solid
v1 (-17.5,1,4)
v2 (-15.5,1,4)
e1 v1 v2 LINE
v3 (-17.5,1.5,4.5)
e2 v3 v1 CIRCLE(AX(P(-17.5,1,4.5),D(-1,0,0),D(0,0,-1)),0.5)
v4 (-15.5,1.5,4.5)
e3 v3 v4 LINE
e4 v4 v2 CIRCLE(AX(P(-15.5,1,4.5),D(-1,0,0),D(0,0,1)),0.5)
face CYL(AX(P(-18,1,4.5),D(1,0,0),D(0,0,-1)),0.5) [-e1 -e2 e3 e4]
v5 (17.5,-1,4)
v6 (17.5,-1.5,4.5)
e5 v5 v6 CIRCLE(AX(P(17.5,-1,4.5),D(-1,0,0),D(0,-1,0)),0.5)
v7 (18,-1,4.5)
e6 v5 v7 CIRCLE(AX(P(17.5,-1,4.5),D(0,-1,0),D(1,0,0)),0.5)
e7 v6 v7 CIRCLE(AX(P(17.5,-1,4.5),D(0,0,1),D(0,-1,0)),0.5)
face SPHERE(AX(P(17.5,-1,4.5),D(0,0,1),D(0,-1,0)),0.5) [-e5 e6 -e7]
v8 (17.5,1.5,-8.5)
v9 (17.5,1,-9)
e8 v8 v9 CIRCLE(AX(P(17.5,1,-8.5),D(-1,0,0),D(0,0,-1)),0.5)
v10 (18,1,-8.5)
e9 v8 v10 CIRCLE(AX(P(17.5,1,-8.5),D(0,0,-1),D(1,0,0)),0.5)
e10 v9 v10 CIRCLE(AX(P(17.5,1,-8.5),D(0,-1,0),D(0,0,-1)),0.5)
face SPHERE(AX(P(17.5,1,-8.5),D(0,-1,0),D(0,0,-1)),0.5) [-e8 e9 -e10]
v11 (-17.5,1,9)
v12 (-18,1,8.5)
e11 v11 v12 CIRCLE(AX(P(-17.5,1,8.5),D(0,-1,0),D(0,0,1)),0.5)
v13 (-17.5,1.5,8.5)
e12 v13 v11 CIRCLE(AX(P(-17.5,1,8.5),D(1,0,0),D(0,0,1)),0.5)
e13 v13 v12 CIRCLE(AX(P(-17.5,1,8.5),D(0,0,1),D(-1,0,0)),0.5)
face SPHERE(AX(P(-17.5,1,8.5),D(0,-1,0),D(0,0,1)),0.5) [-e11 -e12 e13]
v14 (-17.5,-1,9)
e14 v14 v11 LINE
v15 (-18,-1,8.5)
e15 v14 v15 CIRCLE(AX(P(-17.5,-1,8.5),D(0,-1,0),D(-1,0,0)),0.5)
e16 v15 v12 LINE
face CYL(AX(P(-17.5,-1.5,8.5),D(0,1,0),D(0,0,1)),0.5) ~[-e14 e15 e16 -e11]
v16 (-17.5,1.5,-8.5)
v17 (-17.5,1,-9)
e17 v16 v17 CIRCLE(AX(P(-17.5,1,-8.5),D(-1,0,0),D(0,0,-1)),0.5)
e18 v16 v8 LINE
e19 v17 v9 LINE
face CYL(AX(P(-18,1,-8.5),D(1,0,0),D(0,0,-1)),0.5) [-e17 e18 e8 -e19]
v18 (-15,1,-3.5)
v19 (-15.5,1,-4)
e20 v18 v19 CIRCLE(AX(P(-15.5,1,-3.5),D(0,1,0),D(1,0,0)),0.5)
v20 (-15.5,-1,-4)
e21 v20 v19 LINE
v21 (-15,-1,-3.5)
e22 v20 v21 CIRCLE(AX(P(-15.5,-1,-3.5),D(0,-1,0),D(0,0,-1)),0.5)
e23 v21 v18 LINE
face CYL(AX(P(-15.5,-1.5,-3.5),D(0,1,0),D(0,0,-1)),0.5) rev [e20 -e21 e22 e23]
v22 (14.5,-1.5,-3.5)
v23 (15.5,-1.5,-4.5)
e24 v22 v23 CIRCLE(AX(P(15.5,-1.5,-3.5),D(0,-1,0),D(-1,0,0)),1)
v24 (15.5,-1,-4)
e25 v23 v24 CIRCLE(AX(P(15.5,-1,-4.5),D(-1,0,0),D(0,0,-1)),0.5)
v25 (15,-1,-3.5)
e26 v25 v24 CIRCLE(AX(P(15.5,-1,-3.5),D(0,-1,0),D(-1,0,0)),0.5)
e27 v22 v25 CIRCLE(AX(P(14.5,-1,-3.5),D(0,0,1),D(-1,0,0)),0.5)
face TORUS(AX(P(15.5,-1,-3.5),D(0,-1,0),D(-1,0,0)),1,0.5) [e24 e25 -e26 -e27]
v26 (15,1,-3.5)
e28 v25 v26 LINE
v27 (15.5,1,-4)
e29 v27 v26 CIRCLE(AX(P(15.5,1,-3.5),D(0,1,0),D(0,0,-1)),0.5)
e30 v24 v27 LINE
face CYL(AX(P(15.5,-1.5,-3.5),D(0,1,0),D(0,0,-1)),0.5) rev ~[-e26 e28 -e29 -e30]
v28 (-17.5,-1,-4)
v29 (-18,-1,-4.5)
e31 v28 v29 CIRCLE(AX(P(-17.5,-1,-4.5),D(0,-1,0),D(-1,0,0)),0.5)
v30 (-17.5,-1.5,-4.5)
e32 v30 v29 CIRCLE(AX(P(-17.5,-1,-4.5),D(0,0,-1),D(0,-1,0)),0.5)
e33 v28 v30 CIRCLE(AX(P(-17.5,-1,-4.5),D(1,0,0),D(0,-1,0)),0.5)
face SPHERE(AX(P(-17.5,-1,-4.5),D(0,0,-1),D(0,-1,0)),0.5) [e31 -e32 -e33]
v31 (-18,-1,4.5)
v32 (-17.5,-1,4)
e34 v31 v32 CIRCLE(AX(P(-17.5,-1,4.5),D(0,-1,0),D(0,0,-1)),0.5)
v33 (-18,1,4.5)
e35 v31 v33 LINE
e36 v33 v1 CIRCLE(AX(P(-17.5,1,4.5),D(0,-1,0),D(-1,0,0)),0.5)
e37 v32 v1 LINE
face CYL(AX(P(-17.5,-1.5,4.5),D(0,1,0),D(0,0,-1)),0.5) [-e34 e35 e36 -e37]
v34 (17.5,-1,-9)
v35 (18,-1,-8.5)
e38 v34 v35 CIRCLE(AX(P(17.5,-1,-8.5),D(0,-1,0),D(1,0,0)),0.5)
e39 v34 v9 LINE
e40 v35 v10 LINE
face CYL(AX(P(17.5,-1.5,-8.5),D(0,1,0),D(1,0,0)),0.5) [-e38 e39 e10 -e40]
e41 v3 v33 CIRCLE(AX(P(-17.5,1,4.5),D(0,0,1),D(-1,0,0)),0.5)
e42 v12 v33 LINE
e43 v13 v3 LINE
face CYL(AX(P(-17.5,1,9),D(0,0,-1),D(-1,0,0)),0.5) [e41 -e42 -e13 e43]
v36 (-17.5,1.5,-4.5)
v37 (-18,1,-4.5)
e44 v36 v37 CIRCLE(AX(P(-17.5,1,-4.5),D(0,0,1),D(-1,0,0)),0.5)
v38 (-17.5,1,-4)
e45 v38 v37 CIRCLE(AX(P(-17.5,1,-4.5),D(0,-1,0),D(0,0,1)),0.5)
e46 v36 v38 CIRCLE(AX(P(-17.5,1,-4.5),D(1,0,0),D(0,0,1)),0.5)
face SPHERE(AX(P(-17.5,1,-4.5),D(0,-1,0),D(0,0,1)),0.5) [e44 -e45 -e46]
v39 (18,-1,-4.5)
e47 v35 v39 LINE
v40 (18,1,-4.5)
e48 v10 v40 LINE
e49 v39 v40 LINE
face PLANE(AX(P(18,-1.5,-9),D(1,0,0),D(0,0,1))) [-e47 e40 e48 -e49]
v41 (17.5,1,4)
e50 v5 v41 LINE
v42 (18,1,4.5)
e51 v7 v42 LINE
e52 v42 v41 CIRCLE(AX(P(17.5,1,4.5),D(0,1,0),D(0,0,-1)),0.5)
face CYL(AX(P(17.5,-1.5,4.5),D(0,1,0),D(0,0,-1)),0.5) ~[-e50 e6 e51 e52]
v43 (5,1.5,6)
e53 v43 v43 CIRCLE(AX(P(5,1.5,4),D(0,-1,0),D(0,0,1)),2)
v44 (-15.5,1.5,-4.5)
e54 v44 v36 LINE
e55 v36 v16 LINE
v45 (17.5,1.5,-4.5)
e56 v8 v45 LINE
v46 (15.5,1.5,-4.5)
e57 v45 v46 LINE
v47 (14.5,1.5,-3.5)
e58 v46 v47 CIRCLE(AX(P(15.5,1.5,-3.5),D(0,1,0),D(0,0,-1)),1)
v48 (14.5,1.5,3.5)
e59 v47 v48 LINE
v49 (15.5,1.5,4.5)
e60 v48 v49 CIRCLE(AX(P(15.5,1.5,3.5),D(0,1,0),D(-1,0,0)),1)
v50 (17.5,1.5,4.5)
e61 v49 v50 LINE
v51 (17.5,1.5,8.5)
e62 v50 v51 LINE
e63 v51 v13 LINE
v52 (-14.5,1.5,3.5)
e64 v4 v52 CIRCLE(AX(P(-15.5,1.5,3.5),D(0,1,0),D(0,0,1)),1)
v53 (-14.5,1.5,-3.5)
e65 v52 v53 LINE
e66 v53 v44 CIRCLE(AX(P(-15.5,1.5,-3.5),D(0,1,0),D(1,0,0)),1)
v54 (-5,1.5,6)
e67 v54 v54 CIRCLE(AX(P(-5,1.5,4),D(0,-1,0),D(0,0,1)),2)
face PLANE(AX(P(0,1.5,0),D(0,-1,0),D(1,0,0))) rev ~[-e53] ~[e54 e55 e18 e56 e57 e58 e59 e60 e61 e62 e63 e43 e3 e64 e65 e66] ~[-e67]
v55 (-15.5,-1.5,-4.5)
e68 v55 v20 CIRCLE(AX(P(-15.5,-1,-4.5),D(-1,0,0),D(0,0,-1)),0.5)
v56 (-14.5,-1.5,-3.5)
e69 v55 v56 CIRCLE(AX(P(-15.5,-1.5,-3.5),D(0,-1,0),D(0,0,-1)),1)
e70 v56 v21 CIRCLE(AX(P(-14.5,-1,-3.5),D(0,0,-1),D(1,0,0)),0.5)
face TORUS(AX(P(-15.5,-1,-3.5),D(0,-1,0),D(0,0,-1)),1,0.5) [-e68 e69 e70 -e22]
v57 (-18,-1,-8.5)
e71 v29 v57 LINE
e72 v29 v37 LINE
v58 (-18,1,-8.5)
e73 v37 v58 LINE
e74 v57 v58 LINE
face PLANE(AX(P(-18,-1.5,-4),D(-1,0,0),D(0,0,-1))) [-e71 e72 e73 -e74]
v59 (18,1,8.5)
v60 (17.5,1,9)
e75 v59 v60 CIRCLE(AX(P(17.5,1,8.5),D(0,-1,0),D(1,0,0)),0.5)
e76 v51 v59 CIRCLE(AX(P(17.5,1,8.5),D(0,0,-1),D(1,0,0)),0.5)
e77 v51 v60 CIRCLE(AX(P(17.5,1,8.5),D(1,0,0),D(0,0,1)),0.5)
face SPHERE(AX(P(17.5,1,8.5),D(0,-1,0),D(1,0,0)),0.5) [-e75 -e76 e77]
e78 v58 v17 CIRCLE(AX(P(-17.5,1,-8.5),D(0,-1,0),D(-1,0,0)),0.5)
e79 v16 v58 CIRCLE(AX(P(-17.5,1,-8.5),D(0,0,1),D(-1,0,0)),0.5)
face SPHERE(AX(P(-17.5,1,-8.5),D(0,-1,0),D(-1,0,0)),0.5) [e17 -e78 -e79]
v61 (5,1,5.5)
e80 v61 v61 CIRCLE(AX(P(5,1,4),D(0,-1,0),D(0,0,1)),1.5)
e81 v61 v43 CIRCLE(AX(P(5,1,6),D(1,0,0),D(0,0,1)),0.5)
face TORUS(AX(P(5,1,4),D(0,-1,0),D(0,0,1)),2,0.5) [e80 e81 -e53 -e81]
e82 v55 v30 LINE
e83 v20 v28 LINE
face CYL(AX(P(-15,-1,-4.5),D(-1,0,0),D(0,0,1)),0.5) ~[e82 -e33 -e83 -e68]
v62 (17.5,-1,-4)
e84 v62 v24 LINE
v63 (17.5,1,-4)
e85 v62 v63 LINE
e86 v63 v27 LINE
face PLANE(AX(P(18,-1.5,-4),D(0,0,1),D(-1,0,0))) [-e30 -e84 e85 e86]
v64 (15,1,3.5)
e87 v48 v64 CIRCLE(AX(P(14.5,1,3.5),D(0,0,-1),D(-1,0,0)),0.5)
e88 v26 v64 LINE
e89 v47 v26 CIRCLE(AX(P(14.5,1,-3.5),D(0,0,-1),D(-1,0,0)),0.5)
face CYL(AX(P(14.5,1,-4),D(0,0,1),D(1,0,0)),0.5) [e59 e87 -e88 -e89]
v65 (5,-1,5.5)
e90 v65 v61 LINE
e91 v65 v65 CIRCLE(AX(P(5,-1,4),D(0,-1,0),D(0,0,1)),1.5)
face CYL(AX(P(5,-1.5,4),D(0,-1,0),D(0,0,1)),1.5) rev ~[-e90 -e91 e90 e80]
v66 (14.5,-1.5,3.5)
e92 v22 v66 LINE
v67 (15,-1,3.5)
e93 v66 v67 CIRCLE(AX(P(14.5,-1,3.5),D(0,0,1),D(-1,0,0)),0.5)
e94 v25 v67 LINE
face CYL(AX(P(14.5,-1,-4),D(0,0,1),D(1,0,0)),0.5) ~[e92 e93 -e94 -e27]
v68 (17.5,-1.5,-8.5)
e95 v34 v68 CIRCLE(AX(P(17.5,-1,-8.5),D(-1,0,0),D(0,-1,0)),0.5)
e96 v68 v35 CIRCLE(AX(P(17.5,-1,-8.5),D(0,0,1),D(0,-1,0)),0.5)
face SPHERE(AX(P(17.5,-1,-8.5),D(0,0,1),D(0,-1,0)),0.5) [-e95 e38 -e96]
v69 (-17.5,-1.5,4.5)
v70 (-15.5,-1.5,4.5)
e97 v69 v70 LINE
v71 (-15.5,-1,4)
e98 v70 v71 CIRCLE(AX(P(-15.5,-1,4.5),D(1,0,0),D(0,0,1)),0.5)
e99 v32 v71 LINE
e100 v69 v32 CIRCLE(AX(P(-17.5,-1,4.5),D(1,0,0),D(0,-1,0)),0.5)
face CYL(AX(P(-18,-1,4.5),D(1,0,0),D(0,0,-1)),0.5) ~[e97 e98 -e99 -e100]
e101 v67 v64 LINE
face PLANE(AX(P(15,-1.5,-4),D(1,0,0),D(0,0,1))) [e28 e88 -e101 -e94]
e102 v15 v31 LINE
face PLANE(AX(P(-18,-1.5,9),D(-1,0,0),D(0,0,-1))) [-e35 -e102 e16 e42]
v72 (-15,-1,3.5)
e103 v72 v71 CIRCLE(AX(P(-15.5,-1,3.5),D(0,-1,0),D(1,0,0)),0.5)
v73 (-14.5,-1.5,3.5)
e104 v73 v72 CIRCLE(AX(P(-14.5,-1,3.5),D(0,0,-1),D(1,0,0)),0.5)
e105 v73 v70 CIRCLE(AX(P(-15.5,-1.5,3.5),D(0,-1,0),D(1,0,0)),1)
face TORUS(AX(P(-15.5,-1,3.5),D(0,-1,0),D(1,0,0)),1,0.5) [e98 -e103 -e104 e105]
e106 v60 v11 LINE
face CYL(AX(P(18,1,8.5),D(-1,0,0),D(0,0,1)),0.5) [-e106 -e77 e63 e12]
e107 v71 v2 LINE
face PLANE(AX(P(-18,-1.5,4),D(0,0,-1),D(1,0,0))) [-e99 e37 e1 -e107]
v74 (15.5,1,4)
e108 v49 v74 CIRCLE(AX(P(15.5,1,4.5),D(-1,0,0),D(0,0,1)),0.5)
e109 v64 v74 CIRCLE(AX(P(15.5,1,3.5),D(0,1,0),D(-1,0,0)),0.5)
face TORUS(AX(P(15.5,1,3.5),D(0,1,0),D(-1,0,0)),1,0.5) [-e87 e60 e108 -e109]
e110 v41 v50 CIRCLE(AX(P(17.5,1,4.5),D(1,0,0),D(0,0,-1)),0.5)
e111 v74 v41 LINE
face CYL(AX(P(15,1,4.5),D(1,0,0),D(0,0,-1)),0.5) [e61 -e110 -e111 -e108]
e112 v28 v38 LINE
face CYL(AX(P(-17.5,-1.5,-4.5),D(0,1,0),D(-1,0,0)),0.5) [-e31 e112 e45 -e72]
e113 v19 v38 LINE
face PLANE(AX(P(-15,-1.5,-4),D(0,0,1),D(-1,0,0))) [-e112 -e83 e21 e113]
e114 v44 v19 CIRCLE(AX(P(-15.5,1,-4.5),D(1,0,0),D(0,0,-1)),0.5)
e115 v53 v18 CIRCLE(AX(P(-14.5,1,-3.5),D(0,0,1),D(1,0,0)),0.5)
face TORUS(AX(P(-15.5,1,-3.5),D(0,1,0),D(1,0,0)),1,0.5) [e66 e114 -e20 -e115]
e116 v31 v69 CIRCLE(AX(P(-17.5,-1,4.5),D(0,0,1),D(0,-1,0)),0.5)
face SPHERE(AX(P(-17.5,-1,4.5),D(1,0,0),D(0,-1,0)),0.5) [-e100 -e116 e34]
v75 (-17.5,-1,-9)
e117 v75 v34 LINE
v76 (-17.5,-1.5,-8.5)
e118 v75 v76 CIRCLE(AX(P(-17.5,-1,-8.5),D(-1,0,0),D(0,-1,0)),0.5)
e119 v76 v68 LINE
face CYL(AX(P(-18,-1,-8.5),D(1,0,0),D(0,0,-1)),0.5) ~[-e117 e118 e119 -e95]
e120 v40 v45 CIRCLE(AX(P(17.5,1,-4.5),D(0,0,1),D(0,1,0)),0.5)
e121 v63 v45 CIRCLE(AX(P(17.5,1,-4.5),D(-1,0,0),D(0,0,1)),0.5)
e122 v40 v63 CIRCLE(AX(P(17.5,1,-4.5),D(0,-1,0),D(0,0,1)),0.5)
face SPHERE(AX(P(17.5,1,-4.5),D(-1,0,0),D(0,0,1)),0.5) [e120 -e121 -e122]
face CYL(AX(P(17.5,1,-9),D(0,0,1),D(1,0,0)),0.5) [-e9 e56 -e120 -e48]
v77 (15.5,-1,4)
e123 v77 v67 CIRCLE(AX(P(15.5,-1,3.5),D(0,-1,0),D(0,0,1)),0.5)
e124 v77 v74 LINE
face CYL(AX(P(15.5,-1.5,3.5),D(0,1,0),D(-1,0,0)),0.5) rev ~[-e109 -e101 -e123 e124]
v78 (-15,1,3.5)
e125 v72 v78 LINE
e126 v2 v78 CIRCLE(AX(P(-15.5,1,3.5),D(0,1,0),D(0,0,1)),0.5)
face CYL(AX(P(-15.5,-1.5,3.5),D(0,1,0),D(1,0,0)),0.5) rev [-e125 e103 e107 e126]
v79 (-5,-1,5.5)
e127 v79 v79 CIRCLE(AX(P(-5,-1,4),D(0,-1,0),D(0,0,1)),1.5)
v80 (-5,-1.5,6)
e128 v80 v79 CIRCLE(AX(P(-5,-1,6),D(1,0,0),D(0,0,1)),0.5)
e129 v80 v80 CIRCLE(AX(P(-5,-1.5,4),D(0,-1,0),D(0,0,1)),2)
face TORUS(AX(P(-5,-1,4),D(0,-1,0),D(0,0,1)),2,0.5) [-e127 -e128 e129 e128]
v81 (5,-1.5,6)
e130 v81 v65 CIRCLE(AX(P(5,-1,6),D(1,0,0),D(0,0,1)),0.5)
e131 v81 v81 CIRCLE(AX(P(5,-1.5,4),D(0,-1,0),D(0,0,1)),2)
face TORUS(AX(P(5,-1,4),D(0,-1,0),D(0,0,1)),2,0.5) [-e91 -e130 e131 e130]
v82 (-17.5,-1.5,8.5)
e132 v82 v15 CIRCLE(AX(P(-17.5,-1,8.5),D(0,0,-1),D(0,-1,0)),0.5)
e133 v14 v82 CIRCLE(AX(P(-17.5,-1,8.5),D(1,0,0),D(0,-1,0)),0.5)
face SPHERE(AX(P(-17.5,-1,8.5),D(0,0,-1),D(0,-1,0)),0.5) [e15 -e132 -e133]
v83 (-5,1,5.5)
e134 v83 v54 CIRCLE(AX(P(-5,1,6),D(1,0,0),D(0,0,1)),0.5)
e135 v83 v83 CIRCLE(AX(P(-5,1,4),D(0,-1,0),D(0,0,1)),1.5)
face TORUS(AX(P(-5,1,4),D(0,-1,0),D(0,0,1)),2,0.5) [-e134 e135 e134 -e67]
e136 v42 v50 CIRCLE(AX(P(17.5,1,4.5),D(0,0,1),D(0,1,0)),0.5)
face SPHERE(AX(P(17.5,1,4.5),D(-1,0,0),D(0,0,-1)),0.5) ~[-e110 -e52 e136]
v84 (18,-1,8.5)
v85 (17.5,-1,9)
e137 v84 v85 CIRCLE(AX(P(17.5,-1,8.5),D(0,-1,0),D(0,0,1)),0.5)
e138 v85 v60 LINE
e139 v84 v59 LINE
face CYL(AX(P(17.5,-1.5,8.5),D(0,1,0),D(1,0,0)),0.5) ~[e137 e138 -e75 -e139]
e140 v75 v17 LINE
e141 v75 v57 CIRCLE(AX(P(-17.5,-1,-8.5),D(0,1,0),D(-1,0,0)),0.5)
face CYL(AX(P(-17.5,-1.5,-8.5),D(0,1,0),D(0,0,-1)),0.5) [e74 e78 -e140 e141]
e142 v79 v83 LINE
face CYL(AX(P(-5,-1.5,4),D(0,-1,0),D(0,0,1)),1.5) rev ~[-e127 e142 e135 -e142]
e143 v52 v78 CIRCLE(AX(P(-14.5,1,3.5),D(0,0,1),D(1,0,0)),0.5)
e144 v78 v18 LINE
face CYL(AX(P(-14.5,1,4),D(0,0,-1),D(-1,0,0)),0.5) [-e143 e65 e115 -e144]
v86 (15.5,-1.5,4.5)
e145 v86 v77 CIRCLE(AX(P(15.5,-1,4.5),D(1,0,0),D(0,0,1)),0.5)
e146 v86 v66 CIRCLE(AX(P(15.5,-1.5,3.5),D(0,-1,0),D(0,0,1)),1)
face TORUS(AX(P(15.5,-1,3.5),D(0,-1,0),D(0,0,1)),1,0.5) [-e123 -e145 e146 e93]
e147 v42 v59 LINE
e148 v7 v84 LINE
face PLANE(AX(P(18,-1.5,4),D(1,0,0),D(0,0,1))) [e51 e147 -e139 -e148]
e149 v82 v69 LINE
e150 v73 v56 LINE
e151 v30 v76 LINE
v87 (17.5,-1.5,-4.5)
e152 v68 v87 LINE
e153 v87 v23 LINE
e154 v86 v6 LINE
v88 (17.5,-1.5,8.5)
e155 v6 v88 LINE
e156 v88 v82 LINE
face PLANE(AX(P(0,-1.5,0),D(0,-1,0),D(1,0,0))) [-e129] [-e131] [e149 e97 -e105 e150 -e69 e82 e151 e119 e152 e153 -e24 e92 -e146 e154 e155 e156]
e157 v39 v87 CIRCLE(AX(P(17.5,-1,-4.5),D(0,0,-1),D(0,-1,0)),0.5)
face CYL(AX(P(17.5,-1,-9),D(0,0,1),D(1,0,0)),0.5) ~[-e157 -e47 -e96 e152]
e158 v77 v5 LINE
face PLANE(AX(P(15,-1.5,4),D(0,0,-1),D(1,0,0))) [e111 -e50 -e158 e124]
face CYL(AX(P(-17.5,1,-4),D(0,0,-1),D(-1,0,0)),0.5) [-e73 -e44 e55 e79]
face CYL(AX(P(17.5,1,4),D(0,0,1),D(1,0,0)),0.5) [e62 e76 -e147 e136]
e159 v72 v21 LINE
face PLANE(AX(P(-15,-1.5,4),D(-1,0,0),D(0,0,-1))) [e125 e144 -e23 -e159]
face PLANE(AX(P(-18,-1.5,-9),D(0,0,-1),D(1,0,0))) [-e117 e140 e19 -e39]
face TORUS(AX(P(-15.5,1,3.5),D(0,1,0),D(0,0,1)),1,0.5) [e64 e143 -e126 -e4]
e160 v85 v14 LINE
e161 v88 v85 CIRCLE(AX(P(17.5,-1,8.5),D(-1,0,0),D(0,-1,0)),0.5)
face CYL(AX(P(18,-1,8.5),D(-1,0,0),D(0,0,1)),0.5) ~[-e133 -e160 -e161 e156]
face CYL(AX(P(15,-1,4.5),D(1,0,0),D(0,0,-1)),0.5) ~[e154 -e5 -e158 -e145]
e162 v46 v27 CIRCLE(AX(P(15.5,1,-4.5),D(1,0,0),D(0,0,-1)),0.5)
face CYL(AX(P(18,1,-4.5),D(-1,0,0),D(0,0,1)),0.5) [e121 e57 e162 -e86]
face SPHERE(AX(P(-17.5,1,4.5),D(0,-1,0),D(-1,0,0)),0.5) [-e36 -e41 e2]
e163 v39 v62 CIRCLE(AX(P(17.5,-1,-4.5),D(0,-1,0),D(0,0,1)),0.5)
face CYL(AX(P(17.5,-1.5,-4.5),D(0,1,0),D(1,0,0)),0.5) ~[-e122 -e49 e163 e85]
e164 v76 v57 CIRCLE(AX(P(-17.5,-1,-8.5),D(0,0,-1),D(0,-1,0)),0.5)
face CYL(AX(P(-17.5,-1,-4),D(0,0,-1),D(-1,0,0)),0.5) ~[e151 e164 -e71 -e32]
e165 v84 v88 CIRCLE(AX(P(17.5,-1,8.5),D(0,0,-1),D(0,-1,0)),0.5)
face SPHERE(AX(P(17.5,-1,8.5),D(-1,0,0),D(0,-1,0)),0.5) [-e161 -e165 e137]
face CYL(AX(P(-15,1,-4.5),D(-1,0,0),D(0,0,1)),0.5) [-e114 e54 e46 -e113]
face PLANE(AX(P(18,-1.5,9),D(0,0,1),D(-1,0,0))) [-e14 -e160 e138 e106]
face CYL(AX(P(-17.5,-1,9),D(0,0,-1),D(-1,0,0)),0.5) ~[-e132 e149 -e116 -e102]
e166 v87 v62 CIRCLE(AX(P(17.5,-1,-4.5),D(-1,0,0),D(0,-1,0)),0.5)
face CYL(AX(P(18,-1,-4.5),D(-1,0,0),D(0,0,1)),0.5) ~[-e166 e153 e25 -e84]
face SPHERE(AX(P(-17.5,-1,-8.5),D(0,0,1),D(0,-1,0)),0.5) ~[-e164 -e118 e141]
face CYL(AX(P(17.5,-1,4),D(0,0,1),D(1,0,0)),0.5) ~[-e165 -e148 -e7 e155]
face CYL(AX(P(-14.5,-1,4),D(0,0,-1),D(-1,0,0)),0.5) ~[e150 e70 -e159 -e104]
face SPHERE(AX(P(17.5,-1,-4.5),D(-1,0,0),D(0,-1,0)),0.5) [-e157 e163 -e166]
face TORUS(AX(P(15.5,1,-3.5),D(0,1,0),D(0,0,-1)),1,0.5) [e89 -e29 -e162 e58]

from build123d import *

# Parameters (mm, degrees)
SKETCH_1_R      = 1.5
EXTRUDE_1_DEPTH = 3
FILLET_1_R      = 0.5
FILLET_2_R      = 0.5


with BuildPart() as part:
    # 草图1 → 凸台-拉伸1 (new body)
    with BuildSketch(Plane.XZ.offset(1.5)):
        Polygon((18, -9), (18, -4), (15, -4), (15, 4), (18, 4), (18, 9), (-18, 9), (-18, 4), (-15, 4), (-15, -4), (-18, -4), (-18, -9), align=None)
        with Locations(Location((5, 4, 0), (0, 0, 90))):
            Circle(SKETCH_1_R, mode=Mode.SUBTRACT)
        with Locations(Location((-5, 4, 0), (0, 0, 90))):
            Circle(SKETCH_1_R, mode=Mode.SUBTRACT)
    extrude(amount=-EXTRUDE_1_DEPTH)

    # 圆角1
    fillet_1_edges = [part.edges().sort_by_distance(p)[0] for p in [
        (-18, -1.5, -6.5),
        (-16.5, -1.5, -4),
        (16.5, 1.5, -4),
        (-15, -1.5, 0),
        (-16.5, -1.5, 4),
        (-18, -1.5, 6.5),
        (0, -1.5, 9),
        (18, -1.5, 6.5),
        (16.5, -1.5, 4),
        (15, -1.5, 0),
        (16.5, -1.5, -4),
        (18, -1.5, -6.5),
        (0, -1.5, -9),
        (15, 1.5, 0),
        (-18, 0, -9),
        (-18, 0, -4),
        (-15, 0, -4),
        (16.5, 1.5, 4),
        (-15, 0, 4),
        (-18, 0, 4),
        (-18, 0, 9),
        (18, 0, 9),
        (18, 0, 4),
        (15, 0, 4),
        (15, 0, -4),
        (18, 0, -4),
        (18, 0, -9),
        (18, 1.5, 6.5),
        (0, 1.5, 9),
        (5, 1.5, 2.5),
        (-18, 1.5, 6.5),
        (-5, 1.5, 2.5),
        (-16.5, 1.5, 4),
        (-15, 1.5, 0),
        (-16.5, 1.5, -4),
        (-18, 1.5, -6.5),
        (0, 1.5, -9),
        (18, 1.5, -6.5),
    ]]
    fillet(fillet_1_edges, radius=FILLET_1_R)

    # 圆角2
    fillet_2_edges = [part.edges().sort_by_distance(p)[0] for p in [
        (5, -1.5, 2.5),
        (-5, -1.5, 2.5),
    ]]
    fillet(fillet_2_edges, radius=FILLET_2_R)


solid = part.part
